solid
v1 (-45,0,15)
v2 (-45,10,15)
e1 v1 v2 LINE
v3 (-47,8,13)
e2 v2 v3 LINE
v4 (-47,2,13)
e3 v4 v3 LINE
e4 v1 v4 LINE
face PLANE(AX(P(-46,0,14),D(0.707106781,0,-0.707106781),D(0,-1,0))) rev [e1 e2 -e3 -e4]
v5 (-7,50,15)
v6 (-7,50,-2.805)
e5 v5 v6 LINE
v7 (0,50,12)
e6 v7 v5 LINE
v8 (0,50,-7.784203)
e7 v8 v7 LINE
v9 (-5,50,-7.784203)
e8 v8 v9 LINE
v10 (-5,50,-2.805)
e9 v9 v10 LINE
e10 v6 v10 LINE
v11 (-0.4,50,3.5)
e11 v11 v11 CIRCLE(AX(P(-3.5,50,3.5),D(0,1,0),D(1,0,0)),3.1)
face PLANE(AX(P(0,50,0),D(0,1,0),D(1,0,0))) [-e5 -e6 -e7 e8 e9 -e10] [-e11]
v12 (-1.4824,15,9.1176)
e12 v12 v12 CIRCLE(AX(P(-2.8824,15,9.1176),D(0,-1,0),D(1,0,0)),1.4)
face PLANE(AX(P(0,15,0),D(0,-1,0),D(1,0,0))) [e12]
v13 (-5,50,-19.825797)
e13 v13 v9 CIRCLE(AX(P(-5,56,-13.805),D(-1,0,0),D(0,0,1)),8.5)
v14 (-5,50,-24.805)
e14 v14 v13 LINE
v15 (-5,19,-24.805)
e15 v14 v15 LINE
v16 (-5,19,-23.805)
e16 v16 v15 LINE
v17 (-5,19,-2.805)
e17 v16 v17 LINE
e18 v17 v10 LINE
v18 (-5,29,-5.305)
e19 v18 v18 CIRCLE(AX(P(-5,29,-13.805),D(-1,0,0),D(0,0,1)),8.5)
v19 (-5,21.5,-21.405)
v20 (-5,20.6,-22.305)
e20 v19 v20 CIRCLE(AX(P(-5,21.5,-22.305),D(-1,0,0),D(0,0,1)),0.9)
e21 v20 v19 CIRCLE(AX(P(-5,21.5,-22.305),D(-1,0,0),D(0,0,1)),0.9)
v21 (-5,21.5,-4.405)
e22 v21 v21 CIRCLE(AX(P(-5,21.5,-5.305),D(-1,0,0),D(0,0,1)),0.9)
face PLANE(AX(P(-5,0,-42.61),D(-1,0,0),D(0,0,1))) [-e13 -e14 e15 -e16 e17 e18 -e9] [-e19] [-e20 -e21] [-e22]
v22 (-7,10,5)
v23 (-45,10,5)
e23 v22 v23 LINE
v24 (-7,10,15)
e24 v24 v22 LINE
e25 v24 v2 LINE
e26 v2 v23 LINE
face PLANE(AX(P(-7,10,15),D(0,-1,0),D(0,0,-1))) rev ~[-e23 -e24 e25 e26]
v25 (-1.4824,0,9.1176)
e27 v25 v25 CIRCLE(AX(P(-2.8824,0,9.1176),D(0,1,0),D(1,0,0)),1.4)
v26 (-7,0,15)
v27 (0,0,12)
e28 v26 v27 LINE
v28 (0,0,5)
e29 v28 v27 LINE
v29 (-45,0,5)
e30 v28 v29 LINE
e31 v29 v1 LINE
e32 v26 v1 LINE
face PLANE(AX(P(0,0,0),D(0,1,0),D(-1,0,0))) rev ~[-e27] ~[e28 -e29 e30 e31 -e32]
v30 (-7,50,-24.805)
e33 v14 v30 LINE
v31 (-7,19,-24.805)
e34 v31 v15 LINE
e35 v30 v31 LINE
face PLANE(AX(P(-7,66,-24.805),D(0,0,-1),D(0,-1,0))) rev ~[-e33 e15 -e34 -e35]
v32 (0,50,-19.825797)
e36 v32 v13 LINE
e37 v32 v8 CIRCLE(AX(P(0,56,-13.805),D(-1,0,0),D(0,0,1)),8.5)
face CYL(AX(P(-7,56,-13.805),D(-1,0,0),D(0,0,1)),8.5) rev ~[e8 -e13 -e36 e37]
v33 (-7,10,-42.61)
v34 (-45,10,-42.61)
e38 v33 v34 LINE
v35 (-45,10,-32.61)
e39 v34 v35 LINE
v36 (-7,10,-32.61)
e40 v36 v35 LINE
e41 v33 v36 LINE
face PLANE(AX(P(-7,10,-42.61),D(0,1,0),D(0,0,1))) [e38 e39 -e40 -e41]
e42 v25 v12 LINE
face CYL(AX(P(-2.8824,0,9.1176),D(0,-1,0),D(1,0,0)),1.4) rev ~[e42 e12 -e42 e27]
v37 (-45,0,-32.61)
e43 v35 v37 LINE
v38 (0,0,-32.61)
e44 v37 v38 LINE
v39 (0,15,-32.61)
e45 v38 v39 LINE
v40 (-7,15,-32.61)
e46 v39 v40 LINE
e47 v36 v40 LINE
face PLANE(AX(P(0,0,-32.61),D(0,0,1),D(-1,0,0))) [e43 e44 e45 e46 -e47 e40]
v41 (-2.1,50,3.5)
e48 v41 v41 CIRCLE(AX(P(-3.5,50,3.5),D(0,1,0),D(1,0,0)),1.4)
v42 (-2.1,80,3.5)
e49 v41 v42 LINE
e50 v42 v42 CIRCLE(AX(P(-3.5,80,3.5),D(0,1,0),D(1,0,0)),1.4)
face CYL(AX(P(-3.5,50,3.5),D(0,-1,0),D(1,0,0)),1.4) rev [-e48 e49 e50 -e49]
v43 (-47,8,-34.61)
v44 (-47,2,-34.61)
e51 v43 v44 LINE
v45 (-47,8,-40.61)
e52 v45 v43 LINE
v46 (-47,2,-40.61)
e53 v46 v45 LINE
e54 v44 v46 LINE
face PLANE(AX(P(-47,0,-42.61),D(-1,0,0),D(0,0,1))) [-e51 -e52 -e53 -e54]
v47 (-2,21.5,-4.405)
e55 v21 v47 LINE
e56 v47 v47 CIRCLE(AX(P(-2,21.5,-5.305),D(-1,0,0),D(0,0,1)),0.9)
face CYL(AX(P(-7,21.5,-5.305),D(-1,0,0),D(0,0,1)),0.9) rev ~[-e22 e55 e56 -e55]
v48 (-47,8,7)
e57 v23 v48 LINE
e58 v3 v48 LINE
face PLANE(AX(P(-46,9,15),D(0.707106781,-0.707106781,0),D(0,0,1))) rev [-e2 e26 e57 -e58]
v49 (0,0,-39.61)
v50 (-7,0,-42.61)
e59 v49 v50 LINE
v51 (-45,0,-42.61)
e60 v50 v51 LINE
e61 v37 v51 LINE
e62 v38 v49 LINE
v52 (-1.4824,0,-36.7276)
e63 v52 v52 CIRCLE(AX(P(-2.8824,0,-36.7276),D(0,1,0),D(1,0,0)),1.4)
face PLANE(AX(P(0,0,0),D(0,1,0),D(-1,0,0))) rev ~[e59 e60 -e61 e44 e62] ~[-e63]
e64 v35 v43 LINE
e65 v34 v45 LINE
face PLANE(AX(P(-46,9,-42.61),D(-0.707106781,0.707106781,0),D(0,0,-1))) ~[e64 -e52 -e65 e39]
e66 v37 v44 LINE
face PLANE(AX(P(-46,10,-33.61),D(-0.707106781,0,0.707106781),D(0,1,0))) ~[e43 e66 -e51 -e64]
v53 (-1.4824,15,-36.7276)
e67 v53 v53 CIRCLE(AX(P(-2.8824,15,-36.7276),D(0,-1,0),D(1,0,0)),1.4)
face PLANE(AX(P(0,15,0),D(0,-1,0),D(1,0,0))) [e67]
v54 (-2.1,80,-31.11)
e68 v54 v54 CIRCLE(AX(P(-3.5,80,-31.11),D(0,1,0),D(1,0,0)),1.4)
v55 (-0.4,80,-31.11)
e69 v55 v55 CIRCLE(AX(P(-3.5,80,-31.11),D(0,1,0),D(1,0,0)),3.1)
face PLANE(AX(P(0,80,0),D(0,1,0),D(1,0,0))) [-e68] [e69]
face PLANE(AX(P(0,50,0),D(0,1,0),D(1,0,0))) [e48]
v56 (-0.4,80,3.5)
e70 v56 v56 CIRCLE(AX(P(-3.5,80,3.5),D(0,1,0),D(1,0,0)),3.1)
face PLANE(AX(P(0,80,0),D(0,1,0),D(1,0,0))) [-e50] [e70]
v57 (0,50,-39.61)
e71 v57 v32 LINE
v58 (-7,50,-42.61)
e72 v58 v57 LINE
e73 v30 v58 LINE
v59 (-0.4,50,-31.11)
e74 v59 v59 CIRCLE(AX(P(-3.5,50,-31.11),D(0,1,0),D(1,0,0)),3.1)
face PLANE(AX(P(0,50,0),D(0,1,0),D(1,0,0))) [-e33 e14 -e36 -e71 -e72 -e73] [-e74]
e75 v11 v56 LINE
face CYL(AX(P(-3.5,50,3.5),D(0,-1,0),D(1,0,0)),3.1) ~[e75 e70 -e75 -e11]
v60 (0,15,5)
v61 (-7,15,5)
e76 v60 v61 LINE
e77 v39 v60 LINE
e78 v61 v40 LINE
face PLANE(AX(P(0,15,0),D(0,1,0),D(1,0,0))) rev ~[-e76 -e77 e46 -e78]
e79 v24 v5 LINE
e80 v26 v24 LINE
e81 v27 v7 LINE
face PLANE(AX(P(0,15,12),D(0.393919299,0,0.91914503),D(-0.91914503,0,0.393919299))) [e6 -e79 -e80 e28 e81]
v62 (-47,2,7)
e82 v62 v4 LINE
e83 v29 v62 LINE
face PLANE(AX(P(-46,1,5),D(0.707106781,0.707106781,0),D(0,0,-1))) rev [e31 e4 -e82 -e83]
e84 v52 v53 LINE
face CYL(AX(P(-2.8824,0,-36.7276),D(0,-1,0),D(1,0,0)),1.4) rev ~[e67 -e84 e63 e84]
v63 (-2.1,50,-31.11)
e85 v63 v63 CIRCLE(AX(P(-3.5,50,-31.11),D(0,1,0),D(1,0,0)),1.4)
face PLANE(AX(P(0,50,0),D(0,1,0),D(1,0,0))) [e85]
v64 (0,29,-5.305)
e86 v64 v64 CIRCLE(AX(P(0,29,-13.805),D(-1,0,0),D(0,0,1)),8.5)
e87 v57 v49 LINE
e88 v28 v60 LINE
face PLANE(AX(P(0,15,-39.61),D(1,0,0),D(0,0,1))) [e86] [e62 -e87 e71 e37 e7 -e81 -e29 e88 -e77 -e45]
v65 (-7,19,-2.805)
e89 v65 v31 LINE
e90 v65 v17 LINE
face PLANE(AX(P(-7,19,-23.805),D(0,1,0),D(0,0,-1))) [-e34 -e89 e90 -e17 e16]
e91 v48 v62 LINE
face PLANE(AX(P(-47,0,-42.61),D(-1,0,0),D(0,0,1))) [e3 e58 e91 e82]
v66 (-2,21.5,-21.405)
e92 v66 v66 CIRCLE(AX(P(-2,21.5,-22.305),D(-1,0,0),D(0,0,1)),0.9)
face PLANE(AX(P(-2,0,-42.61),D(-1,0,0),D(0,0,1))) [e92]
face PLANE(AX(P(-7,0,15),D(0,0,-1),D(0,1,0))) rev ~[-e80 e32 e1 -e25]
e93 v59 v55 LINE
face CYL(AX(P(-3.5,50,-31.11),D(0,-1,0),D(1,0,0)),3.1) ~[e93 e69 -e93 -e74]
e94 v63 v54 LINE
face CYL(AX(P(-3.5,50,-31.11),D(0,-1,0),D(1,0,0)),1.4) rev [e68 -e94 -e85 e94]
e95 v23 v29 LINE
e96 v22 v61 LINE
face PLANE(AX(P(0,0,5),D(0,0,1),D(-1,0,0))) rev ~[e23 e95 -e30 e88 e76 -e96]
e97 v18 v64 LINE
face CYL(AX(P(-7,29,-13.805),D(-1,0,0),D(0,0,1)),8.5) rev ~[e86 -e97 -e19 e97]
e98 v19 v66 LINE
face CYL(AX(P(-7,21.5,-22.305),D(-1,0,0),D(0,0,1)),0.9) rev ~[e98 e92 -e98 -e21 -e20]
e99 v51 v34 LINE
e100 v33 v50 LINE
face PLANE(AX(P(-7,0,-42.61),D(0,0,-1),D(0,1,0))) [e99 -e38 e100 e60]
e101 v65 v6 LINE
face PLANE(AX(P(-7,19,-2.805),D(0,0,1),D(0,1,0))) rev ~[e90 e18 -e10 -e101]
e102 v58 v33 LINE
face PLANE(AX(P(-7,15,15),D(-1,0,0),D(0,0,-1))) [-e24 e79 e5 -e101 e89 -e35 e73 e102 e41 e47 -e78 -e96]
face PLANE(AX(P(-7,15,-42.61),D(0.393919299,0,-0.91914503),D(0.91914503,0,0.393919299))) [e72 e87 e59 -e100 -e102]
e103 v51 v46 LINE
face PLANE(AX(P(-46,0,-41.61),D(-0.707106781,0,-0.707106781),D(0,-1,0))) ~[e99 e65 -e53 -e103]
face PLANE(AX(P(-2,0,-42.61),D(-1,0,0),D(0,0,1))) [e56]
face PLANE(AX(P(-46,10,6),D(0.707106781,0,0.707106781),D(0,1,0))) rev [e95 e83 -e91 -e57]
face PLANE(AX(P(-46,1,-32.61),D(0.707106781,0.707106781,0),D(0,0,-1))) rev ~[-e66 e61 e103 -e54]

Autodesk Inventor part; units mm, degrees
ref_plane "YZ Plane" through (0, 0, 0) normal (1, 0, 0) x (0, 1, 0)
ref_plane "XZ Plane" through (0, 0, 0) normal (0, 1, 0) x (-1, 0, 0)
ref_plane "XY Plane" through (0, 0, 0) normal (0, 0, 1) x (1, 0, 0)
sketch "Sketch1" plane through (0, 0, 0) normal (0, 1, 0) x (-1, 0, 0)
  line L0 (0, 5) -> (0, 12)
  line L1 (0, 5) -> (7, 5)
  line L2 (7, 5) -> (7, 15)
  line L3 (7, 15) -> (0, 12)
  line L4 (0, -32.61) -> (7, -32.61)
  line L5 (7, -32.61) -> (7, -42.61)
  line L6 (0, -32.61) -> (0, -39.61)
  line L7 (0, -39.61) -> (7, -42.61)
  point P0 (0, 0)
  dimension "d2" = 5
  dimension "d3" = 7
  dimension "d5" = 7
  dimension "d6" = 10
  dimension "d7" = 7
  dimension "d8" = 10
  dimension "d9" = 7
extrude "Extrusion1" add sketch "Sketch1" along normal blind 15
sketch "Sketch2" plane through (0, 15, 0) normal (0, 1, 0) x (1, 0, 0)
  line L0 (-7, -15) -> (-7, 42.61)
  line L1 (-7, 42.61) -> (0, 39.61)
  line L2 (0, 39.61) -> (-7, 42.61) projected
  line L3 (0, 39.61) -> (0, -12)
  line L4 (0, -12) -> (-7, -15)
  point P0 (0, 0)
extrude "Extrusion2" add sketch "Sketch2" along normal blind 35
sketch "Sketch3" plane through (0, 50, 0) normal (0, 1, 0) x (1, 0, 0)
  line L0 (0, -12) -> (-7, -15) projected
  line L1 (-7, 42.61) -> (0, 39.61) projected
  circle A0 centre (-3.5, 31.11) radius 1.4
  circle A1 centre (-3.5, -3.5) radius 1.4
  circle A2 centre (-3.5, -3.5) radius 3.1
  circle A3 centre (-3.5, 31.11) radius 3.1
  point P0 (0, 0)
  dimension "d73" = 6.2
  dimension "d74" = 6.2
sketch "Sketch4" plane through (0, 0, 0) normal (0, -1, 0) x (1, 0, 0)
  line L0 (0, 5) -> (0, 12) projected
  line L1 (0, 12) -> (-7, 15) projected
  line L2 (-7, 15) -> (-7, 5) projected
  line L3 (-7, 5) -> (0, 5) projected
  line L4 (0, -32.61) -> (-7, -32.61) projected
  line L5 (-7, -32.61) -> (-7, -42.61) projected
  line L6 (-7, -42.61) -> (0, -39.61) projected
  line L7 (0, -39.61) -> (0, -32.61) projected
  line L8 (-7, -42.61) -> (0, -32.61)
  line L9 (0, -39.61) -> (-7, -32.61)
  line L10 (0, 5) -> (-7, 15)
  line L11 (-7, 15) -> (0, 12)
  line L12 (0, 12) -> (-7, 5)
  circle A0 centre (-2.8824, 9.1176) radius 1.4
  circle A1 centre (-2.8824, -36.7276) radius 1.4
  point P0 (0, 0)
  dimension "d14" = 2.8
  dimension "d15" = 2.8
extrude "Extrusion3" cut sketch "Sketch4" against normal blind 15 contours A0 L12 L10 | L10 L12 A0 | L12 L10 A0 | A0 L10 L12 | A1 L9 L8 | L8 L9 A1 | L9 L8 A1 | A1 L8 L9
extrude "Extrusion4" add sketch "Sketch3" along normal blind 30
sketch "Sketch6" plane through (-7, 0, -42.61) normal (-1, 0, 0) x (0, 0, 1)
  line L0 (10, 15) -> (47.61, 15) projected
  line L1 (28.805, 15) -> (28.805, 20)
  line L2 (28.805, 20) -> (38.805, 20)
  line L3 (38.805, 20) -> (38.805, 65)
  line L4 (38.805, 65) -> (18.805, 65)
  line L5 (18.805, 65) -> (18.805, 20)
  line L6 (18.805, 20) -> (28.805, 20)
  line L7 (18.805, 20) -> (18.805, 21.5)
  line L8 (18.805, 21.5) -> (20.305, 21.5)
  line L9 (38.805, 20) -> (38.805, 21.5)
  line L10 (38.805, 21.5) -> (37.305, 21.5)
  circle A0 centre (20.305, 21.5) radius 0.6
  circle A1 centre (37.305, 21.5) radius 0.6
  line L11 (28.805, 20) -> (28.805, 29)
  line L12 (28.805, 29) -> (28.805, 56)
  circle A2 centre (28.805, 29) radius 8.5
  circle A3 centre (28.805, 56) radius 8.5
  point P0 (42.61, 0)
  dimension "d26" = 5
  dimension "d27" = 10
  dimension "d28" = 45
  dimension "d29" = 20
  dimension "d30" = 1.5
  dimension "d31" = 1.5
  dimension "d32" = 1.5
  dimension "d33" = 1.5
  dimension "d34" = 1.2
  dimension "d35" = 1.2
  dimension "d36" = 9
  dimension "d37" = 27
  dimension "d38" = 17
  dimension "d39" = 17
extrude "Extrusion5" cut sketch "Sketch6" against normal through all contours A3 | A2 L12 L11 | L11 L12 A2
sketch "Sketch7" plane through (-7, 0, -42.61) normal (-1, 0, 0) x (0, 0, 1)
  line L0 (10, 15) -> (47.61, 15)
  line L1 (28.805, 15) -> (28.805, 20)
  line L2 (28.805, 20) -> (38.805, 20)
  line L3 (38.805, 20) -> (38.805, 65)
  line L4 (38.805, 65) -> (18.805, 65)
  line L5 (18.805, 65) -> (18.805, 20)
  line L6 (18.805, 20) -> (28.805, 20)
  line L7 (18.805, 20) -> (18.805, 21.5)
  line L8 (18.805, 21.5) -> (20.305, 21.5)
  line L9 (38.805, 20) -> (38.805, 21.5)
  line L10 (38.805, 21.5) -> (37.305, 21.5)
  circle A0 centre (20.305, 21.5) radius 0.9
  circle A1 centre (37.305, 21.5) radius 0.9
  line L11 (28.805, 20) -> (28.805, 29)
  line L12 (28.805, 29) -> (28.805, 56)
  circle A2 centre (28.805, 29) radius 8.5
  circle A3 centre (28.805, 56) radius 8.5
  point P0 (42.61, 0)
  point P1 (42.61, 0)
  dimension "d42" = 5
  dimension "d43" = 10
  dimension "d44" = 45
  dimension "d45" = 20
  dimension "d46" = 1.5
  dimension "d47" = 1.5
  dimension "d48" = 1.5
  dimension "d49" = 1.5
  dimension "d50" = 1.8
  dimension "d51" = 1.8
  dimension "d52" = 9
  dimension "d53" = 27
  dimension "d54" = 17
  dimension "d55" = 17
extrude "Extrusion6" cut sketch "Sketch7" against normal blind 5 contours A1 | A0
sketch "Sketch8" plane through (-7, 0, -42.61) normal (-1, 0, 0) x (0, 0, 1)
  circle A0 centre (20.305, 21.5) radius 0.9 projected
  line L0 (20.305, 21.5) -> (20.305, 20)
  line L1 (20.305, 20) -> (18.805, 20)
  line L2 (18.805, 20) -> (18.805, 19)
  line L3 (18.805, 19) -> (17.805, 19)
  line L4 (17.805, 19) -> (39.805, 19)
  line L5 (39.805, 19) -> (39.805, 66)
  line L6 (39.805, 66) -> (17.805, 66)
  line L7 (17.805, 66) -> (17.805, 19)
  point P0 (42.61, 0)
  dimension "d58" = 1.5
  dimension "d59" = 1.5
  dimension "d60" = 1
  dimension "d61" = 1
  dimension "d62" = 22
  dimension "d63" = 47
extrude "Extrusion7" cut sketch "Sketch8" against normal blind 2
sketch "Sketch9" plane through (-7, 0, -42.61) normal (-1, 0, 0) x (0, 0, 1)
  line L0 (10, 0) -> (0, 0)
  line L1 (0, 0) -> (0, 10)
  line L2 (0, 10) -> (10, 10)
  line L3 (10, 10) -> (10, 0)
  line L4 (47.61, 0) -> (57.61, 0)
  line L5 (57.61, 0) -> (57.61, 10)
  line L6 (57.61, 10) -> (47.61, 10)
  line L7 (47.61, 10) -> (47.61, 0)
  line L8 (57.61, 0) -> (47.61, 0) projected
  point P0 (42.61, 0)
  dimension "d66" = 10
  dimension "d67" = 10
extrude "Extrusion8" add sketch "Sketch9" along normal blind 40
chamfer "Chamfer1" distance 2 angle 45 8 edges at (-47, 5, -42.61) (-47, 0, -37.61) (-47, 5, -32.61) (-47, 10, -37.61) (-47, 0, 10) (-47, 5, 15) (-47, 5, 5) (-47, 10, 10)
properties part number "Back Support" material "ABS Plastic"
